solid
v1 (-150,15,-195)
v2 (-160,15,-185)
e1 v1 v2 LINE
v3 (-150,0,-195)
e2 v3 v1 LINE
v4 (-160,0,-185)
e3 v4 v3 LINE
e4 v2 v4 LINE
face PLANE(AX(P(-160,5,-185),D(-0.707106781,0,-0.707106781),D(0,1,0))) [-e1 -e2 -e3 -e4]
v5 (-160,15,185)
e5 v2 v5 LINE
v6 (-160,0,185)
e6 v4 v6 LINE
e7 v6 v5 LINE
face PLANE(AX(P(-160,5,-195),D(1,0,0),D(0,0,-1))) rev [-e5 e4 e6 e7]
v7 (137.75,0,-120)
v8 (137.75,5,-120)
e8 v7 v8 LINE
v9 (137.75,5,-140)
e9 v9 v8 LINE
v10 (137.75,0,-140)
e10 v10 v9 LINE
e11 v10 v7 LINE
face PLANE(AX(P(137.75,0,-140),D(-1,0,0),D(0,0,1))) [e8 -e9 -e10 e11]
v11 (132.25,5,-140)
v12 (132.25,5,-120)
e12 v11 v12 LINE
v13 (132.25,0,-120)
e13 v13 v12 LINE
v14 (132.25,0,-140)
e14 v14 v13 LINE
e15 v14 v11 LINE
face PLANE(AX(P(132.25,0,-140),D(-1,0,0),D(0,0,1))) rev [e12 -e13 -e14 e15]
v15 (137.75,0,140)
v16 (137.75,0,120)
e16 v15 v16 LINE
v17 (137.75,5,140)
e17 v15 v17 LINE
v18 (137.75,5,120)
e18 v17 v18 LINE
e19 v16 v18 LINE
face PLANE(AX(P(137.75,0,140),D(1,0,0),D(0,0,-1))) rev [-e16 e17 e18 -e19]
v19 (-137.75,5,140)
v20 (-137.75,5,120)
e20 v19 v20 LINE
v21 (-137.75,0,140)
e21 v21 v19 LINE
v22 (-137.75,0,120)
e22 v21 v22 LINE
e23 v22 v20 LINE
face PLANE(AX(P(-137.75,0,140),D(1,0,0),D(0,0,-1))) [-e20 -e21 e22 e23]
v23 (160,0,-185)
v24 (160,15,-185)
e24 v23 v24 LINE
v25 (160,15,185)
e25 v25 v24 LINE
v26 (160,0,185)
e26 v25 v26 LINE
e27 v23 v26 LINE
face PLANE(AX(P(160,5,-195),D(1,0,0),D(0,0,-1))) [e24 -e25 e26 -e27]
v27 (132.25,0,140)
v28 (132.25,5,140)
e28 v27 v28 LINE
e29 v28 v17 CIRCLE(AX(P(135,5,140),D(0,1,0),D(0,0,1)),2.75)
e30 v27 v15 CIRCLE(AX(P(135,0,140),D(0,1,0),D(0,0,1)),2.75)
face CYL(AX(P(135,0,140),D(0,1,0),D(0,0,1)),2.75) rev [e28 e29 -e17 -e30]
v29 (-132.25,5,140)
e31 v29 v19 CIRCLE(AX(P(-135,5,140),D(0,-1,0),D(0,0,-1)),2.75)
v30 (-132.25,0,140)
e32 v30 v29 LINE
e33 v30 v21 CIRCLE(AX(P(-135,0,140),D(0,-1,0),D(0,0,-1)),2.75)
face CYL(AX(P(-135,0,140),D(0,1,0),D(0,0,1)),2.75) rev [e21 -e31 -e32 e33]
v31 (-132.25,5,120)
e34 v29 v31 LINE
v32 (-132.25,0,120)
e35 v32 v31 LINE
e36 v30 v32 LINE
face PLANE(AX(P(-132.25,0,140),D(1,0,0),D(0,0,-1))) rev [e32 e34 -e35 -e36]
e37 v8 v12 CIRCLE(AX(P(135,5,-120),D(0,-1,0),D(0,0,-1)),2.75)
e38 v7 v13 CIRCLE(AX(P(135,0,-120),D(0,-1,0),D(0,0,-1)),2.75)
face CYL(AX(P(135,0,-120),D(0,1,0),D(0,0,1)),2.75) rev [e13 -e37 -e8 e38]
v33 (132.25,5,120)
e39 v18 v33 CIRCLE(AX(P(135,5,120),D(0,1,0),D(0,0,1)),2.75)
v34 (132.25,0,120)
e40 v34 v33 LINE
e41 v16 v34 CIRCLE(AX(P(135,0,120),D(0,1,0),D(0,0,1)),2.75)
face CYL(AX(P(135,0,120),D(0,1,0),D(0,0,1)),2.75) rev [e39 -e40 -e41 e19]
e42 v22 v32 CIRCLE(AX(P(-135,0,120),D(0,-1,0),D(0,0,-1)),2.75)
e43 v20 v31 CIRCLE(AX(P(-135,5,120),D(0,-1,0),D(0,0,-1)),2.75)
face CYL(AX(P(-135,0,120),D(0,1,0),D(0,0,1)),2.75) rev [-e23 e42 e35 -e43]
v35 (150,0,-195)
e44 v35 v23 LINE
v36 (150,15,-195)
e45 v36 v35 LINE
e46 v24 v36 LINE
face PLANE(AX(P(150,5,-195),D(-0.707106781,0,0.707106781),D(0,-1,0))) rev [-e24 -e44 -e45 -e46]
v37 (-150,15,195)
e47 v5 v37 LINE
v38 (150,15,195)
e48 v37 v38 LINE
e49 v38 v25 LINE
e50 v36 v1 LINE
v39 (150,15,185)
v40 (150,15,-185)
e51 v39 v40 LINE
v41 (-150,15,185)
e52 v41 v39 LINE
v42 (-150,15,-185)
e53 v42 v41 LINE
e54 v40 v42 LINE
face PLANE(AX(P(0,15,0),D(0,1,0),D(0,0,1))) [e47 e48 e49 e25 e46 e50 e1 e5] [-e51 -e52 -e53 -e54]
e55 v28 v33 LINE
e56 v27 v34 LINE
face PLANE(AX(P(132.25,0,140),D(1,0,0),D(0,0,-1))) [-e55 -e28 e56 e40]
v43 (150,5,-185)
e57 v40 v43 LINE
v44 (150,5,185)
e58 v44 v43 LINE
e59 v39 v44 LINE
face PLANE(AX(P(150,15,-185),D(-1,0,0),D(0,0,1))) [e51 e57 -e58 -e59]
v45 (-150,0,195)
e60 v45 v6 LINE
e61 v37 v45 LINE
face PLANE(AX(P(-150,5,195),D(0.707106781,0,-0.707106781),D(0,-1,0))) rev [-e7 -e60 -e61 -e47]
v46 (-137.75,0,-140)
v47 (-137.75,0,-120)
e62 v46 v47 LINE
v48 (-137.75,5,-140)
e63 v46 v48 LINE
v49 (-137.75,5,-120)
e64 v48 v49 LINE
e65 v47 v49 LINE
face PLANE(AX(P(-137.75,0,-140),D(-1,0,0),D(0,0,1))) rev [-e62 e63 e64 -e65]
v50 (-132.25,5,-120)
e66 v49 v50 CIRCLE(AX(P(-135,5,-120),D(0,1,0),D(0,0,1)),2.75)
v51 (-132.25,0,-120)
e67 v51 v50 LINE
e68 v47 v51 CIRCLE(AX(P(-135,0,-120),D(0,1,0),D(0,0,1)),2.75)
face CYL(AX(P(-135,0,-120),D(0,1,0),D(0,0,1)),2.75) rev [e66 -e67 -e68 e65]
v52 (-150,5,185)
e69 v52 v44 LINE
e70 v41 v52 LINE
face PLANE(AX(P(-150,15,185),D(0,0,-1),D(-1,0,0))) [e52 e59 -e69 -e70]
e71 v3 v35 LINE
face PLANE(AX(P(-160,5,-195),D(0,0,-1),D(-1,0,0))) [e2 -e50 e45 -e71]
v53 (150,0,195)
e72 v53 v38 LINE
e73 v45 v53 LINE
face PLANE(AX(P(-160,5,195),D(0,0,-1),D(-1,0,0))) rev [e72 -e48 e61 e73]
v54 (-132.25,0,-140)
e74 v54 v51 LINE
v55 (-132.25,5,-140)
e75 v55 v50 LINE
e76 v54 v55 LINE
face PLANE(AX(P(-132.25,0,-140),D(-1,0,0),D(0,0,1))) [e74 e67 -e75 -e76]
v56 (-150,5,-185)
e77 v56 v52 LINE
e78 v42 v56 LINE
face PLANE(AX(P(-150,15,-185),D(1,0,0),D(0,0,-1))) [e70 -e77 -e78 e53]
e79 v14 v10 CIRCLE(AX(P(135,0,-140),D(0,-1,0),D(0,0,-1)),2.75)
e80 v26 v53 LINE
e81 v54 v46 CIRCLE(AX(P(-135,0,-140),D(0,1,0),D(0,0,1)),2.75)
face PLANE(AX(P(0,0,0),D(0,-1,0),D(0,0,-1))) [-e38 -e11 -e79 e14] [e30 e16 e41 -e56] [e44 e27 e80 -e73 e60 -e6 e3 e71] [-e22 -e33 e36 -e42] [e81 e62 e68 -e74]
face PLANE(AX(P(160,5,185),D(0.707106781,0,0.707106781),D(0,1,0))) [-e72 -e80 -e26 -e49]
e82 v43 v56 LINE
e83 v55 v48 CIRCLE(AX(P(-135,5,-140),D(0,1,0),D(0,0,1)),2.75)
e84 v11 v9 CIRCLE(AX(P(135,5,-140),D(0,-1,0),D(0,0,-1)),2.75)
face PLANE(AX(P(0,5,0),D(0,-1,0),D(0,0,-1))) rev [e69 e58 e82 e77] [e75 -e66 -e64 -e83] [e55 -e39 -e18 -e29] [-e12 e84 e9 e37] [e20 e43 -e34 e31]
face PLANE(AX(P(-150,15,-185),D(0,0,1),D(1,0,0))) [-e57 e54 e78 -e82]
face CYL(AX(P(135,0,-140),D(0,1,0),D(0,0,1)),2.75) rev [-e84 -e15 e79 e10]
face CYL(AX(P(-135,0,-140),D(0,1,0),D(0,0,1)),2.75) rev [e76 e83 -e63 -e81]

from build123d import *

# Parameters (mm, degrees)
SKETCH_1_W          = 320
SKETCH_1_H          = 390
EXTRUDE_1_DEPTH     = 5
CUT_EXTRUDE_1_DEPTH = 5
SKETCH_3_W          = 320
SKETCH_3_H          = 390
SKETCH_3_W_2        = 300
SKETCH_3_H_2        = 370
EXTRUDE_2_DEPTH     = 15
CHAMFER_1_SIZE      = 10


with BuildPart() as part:
    # 草图1 → 凸台-拉伸1 (new body)
    with BuildSketch(Plane(origin=(0, 0, 0), x_dir=(1, 0, 0), z_dir=(0, 1, 0))):
        Rectangle(SKETCH_1_W, SKETCH_1_H)
    extrude(amount=EXTRUDE_1_DEPTH)

    # 草图2 → 切除-拉伸1 (cut)
    with BuildSketch(Plane(origin=(0, 5, 0), x_dir=(1, 0, 0), z_dir=(0, 1, 0))):
        with BuildLine():
            Line((-132.25, 140), (-132.25, 120))
            ThreePointArc((-132.25, 120), (-135, 117.25), (-137.75, 120))
            Line((-137.75, 120), (-137.75, 140))
            ThreePointArc((-137.75, 140), (-135, 142.75), (-132.25, 140))
        make_face()
        with BuildLine():
            Line((-132.25, -140), (-132.25, -120))
            ThreePointArc((-132.25, -120), (-135, -117.25), (-137.75, -120))
            Line((-137.75, -120), (-137.75, -140))
            ThreePointArc((-137.75, -140), (-135, -142.75), (-132.25, -140))
        make_face()
        with BuildLine():
            Line((132.25, 140), (132.25, 120))
            ThreePointArc((132.25, 120), (135, 117.25), (137.75, 120))
            Line((137.75, 120), (137.75, 140))
            ThreePointArc((137.75, 140), (135, 142.75), (132.25, 140))
        make_face()
        with BuildLine():
            Line((132.25, -140), (132.25, -120))
            ThreePointArc((132.25, -120), (135, -117.25), (137.75, -120))
            Line((137.75, -120), (137.75, -140))
            ThreePointArc((137.75, -140), (135, -142.75), (132.25, -140))
        make_face()
    extrude(amount=-CUT_EXTRUDE_1_DEPTH, mode=Mode.SUBTRACT)

    # 草图3 → 凸台-拉伸2 (add)
    with BuildSketch(Plane(origin=(0, 0, 0), x_dir=(1, 0, 0), z_dir=(0, 1, 0))):
        Rectangle(SKETCH_3_W, SKETCH_3_H)
        Rectangle(SKETCH_3_W_2, SKETCH_3_H_2, mode=Mode.SUBTRACT)
    extrude(amount=EXTRUDE_2_DEPTH)

    # 倒角1
    chamfer_1_edges = [part.edges().sort_by_distance(p)[0] for p in [
        (-160, 7.5, -195),
        (-160, 7.5, 195),
        (160, 7.5, 195),
        (160, 7.5, -195),
    ]]
    chamfer(chamfer_1_edges, length=CHAMFER_1_SIZE)


solid = part.part
